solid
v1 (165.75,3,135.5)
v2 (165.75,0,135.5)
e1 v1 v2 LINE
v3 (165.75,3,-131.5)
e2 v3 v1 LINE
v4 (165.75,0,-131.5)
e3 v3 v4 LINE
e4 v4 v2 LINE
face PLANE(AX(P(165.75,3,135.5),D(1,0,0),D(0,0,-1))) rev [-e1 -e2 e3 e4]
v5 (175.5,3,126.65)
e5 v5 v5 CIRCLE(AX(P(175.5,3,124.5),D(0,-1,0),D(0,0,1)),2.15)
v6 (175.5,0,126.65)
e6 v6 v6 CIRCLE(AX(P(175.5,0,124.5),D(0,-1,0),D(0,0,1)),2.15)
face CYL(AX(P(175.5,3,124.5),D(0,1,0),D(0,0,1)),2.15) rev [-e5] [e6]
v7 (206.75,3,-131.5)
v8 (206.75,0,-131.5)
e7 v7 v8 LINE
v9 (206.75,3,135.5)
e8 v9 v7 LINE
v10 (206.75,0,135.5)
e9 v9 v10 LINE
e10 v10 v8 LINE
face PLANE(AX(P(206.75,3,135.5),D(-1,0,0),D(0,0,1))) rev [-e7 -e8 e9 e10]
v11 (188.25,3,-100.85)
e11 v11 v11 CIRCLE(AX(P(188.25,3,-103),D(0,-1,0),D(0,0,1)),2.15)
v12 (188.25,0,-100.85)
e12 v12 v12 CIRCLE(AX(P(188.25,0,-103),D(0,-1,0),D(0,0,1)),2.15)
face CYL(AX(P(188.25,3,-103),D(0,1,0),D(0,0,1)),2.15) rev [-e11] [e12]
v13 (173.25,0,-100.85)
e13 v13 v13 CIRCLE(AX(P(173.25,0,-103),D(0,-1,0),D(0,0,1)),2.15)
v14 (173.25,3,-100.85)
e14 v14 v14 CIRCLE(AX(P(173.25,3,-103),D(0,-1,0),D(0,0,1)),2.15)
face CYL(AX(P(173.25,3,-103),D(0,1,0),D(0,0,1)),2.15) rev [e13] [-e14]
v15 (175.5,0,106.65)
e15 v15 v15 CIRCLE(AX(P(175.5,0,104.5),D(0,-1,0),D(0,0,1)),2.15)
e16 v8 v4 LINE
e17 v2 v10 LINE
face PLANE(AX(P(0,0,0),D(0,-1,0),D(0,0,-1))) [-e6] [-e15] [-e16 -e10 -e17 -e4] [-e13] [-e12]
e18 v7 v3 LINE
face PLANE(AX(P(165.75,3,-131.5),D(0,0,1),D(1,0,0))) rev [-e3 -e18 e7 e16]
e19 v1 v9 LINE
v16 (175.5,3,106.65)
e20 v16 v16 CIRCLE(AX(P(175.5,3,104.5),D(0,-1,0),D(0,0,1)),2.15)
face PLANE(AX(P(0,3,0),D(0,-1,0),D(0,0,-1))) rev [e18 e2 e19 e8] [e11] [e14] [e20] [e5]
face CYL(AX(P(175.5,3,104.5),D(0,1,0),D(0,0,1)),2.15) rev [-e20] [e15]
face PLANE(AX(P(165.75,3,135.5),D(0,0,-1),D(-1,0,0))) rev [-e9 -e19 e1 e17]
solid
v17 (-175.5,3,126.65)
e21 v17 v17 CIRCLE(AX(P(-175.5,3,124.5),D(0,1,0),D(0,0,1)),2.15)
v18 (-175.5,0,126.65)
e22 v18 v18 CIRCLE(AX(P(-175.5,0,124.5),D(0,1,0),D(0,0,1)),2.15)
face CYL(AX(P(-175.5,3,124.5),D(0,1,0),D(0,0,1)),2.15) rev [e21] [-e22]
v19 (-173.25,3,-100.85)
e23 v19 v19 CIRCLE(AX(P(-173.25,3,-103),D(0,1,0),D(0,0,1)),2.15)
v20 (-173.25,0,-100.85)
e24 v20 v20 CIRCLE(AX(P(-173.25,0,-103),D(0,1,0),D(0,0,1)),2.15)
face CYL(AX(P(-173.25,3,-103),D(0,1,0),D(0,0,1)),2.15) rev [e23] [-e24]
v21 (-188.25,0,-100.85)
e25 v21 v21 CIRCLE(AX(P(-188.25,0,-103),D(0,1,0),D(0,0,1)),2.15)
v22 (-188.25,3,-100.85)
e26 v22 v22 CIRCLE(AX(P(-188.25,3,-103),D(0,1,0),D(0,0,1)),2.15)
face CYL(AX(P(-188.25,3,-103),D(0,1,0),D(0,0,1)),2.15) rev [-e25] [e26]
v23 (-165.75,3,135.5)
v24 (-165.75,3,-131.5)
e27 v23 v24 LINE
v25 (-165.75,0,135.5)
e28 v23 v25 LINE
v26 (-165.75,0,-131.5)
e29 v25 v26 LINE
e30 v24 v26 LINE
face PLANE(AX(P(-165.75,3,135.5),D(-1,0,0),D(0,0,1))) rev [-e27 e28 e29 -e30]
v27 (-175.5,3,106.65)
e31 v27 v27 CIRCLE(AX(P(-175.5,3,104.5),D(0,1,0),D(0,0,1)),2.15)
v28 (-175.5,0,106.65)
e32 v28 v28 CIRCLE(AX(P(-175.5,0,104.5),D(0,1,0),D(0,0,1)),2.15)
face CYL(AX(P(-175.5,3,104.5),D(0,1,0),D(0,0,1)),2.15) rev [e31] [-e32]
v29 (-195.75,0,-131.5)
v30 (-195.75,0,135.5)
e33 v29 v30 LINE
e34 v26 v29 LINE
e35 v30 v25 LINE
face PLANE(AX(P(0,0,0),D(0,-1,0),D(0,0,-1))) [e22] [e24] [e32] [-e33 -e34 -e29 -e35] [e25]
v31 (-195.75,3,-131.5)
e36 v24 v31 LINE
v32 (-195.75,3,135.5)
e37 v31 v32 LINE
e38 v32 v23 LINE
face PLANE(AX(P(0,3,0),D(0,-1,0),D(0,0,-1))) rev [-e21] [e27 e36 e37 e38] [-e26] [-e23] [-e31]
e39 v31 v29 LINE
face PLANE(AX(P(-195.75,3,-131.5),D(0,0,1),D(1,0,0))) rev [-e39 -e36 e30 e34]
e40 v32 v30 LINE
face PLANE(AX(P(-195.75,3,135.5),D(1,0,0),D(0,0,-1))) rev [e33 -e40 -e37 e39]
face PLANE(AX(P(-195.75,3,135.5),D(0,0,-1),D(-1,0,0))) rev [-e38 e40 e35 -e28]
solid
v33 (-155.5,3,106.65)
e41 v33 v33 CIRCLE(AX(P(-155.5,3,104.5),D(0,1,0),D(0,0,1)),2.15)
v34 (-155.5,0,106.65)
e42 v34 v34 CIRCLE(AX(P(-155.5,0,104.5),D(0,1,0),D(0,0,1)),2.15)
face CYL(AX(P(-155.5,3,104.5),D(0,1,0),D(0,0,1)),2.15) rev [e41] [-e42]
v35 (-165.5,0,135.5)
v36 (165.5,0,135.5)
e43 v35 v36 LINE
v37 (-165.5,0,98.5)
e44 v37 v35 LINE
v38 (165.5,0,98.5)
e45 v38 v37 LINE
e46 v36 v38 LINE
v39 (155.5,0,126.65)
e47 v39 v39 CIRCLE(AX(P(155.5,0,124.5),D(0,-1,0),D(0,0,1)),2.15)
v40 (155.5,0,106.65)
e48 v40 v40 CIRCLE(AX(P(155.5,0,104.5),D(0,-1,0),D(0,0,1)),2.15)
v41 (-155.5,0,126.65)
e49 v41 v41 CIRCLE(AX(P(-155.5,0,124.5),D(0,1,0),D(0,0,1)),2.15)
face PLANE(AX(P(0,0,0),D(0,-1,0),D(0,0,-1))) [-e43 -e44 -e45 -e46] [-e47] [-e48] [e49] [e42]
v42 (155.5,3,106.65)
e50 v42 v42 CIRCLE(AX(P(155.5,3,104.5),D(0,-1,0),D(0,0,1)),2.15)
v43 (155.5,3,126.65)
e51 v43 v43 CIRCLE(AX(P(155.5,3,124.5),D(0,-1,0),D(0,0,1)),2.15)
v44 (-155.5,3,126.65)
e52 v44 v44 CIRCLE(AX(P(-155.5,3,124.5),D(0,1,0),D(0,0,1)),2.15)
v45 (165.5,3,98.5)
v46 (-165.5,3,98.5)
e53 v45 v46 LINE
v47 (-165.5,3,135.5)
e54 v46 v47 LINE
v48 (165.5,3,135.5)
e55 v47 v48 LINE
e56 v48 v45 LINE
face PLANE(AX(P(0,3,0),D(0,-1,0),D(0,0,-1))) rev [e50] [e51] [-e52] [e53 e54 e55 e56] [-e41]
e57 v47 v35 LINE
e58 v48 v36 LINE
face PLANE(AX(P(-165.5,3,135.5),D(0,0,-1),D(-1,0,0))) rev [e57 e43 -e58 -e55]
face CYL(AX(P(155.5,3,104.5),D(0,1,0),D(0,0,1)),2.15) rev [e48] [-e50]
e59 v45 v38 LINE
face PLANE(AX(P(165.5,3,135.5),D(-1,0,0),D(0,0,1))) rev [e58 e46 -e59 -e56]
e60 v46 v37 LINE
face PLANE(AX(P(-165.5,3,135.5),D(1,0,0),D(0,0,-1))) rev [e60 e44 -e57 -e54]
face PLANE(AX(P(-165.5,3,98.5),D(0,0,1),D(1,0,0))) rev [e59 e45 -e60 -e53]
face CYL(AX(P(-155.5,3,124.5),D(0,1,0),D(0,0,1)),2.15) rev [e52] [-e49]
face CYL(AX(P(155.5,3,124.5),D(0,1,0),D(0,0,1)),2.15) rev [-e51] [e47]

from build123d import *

# Parameters (mm, degrees)
SKETCH1_W                     = 41
SKETCH1_H                     = 267
BOSS_EXTRUDE1_DEPTH           = 3
SKETCH2_W                     = 30
SKETCH2_H                     = 267
BOSS_EXTRUDE2_DEPTH           = 3
SKETCH3_W                     = 331
SKETCH3_H                     = 37
BOSS_EXTRUDE3_DEPTH           = 3
SKETCH6_W                     = 2.15
SKETCH6_H                     = 3
M4_CLEARANCE_HOLE1_AT_2_COUNT = 2
M4_CLEARANCE_HOLE1_AT_2_PITCH = 28.284271247
M4_CLEARANCE_HOLE1_AT_3_COUNT = 2
M4_CLEARANCE_HOLE1_AT_3_PITCH = 20
M4_CLEARANCE_HOLE1_AT_4_COUNT = 2
M4_CLEARANCE_HOLE1_AT_4_PITCH = 20
M4_CLEARANCE_HOLE1_AT_5_COUNT = 2
M4_CLEARANCE_HOLE1_AT_5_PITCH = 210.068589989
M4_CLEARANCE_HOLE1_AT_6_COUNT = 2
M4_CLEARANCE_HOLE1_AT_6_PITCH = 208.257802975
MIRROR1_COPY_1_SKETCH_W       = 2.15
MIRROR1_COPY_1_SKETCH_H       = 3
MIRROR1_COPY_2_SKETCH_W       = 2.15
MIRROR1_COPY_2_SKETCH_H       = 3
MIRROR1_COPY_3_SKETCH_W       = 2.15
MIRROR1_COPY_3_SKETCH_H       = 3
MIRROR1_COPY_4_SKETCH_W       = 2.15
MIRROR1_COPY_4_SKETCH_H       = 3
MIRROR1_COPY_5_SKETCH_W       = 2.15
MIRROR1_COPY_5_SKETCH_H       = 3


with BuildPart() as part:
    # Sketch1 → Boss-Extrude1 (new body)
    with BuildSketch(Plane(origin=(0, 0, 0), x_dir=(1, 0, 0), z_dir=(0, 1, 0))):
        with Locations((186.25, -2)):
            Rectangle(SKETCH1_W, SKETCH1_H)
    extrude(amount=BOSS_EXTRUDE1_DEPTH)

    # Mirror1 copy 1 sketch → Mirror1 copy 1 (revolve, cut)
    with BuildSketch(Plane(origin=(175.5, 3, 124.5), x_dir=(0, 0, 1), z_dir=(-1, 0, 0))):
        with Locations((1.075, -1.5)):
            Rectangle(MIRROR1_COPY_1_SKETCH_W, MIRROR1_COPY_1_SKETCH_H)
    revolve(axis=Axis((175.5, 9.35, 124.5), (0, 1, 0)), mode=Mode.SUBTRACT)

    # Mirror1 copy 2 sketch → Mirror1 copy 2 (revolve, cut)
    with BuildSketch(Plane(origin=(175.5, 3, 104.5), x_dir=(0, 0, 1), z_dir=(-1, 0, 0))):
        with Locations((1.075, -1.5)):
            Rectangle(MIRROR1_COPY_2_SKETCH_W, MIRROR1_COPY_2_SKETCH_H)
    revolve(axis=Axis((175.5, 9.35, 104.5), (0, 1, 0)), mode=Mode.SUBTRACT)

    # Mirror1 copy 4 sketch → Mirror1 copy 4 (revolve, cut)
    with BuildSketch(Plane(origin=(188.25, 3, -103), x_dir=(0, 0, 1), z_dir=(-1, 0, 0))):
        with Locations((1.075, -1.5)):
            Rectangle(MIRROR1_COPY_4_SKETCH_W, MIRROR1_COPY_4_SKETCH_H)
    revolve(axis=Axis((188.25, 9.35, -103), (0, 1, 0)), mode=Mode.SUBTRACT)

    # Mirror1 copy 5 sketch → Mirror1 copy 5 (revolve, cut)
    with BuildSketch(Plane(origin=(173.25, 3, -103), x_dir=(0, 0, 1), z_dir=(-1, 0, 0))):
        with Locations((1.075, -1.5)):
            Rectangle(MIRROR1_COPY_5_SKETCH_W, MIRROR1_COPY_5_SKETCH_H)
    revolve(axis=Axis((173.25, 9.35, -103), (0, 1, 0)), mode=Mode.SUBTRACT)


with BuildPart() as body_2:
    # Sketch2 → Boss-Extrude2 (new body)
    with BuildSketch(Plane(origin=(0, 0, 0), x_dir=(1, 0, 0), z_dir=(0, 1, 0))):
        with Locations((-180.75, -2)):
            Rectangle(SKETCH2_W, SKETCH2_H)
    extrude(amount=BOSS_EXTRUDE2_DEPTH)


with BuildPart() as body_3:
    # Sketch3 → Boss-Extrude3 (new body)
    with BuildSketch(Plane(origin=(0, 0, 0), x_dir=(1, 0, 0), z_dir=(0, 1, 0))):
        with Locations((0, -117)):
            Rectangle(SKETCH3_W, SKETCH3_H)
    extrude(amount=BOSS_EXTRUDE3_DEPTH)

    # Sketch6 → M4 Clearance Hole1 (revolve, cut)
    with BuildSketch(Plane(origin=(-155.5, 3, 104.5), x_dir=(0, 0, 1), z_dir=(1, 0, 0))):
        with Locations((1.075, 1.5)):
            Rectangle(SKETCH6_W, SKETCH6_H)
    m4_clearance_hole1 = revolve(axis=Axis((-155.5, 9.35, 104.5), (0, -1, 0)), mode=Mode.SUBTRACT)

    # M4 Clearance Hole1 at 4: M4 Clearance Hole1 ×2
    with Locations(*[(0, 0, i * M4_CLEARANCE_HOLE1_AT_4_PITCH) for i in range(1, M4_CLEARANCE_HOLE1_AT_4_COUNT)]):
        add(m4_clearance_hole1, mode=Mode.SUBTRACT)

    # Mirror1: M4 Clearance Hole1 across plane
    add(m4_clearance_hole1.mirror(Plane(origin=(0, 0, 0), x_dir=(0, 0, 1), z_dir=(1, 0, 0))), mode=Mode.SUBTRACT)

    # Mirror1 copy 3 sketch → Mirror1 copy 3 (revolve, cut)
    with BuildSketch(Plane(origin=(155.5, 3, 124.5), x_dir=(0, 0, 1), z_dir=(-1, 0, 0))):
        with Locations((1.075, -1.5)):
            Rectangle(MIRROR1_COPY_3_SKETCH_W, MIRROR1_COPY_3_SKETCH_H)
    revolve(axis=Axis((155.5, 9.35, 124.5), (0, 1, 0)), mode=Mode.SUBTRACT)


with BuildPart() as body_2_1:
    add(body_2.part)

    # M4 Clearance Hole1 at 2: M4 Clearance Hole1 ×2
    with Locations(*[Vector(-0.7071067811865478, 0, 0.7071067811865472) * (i * M4_CLEARANCE_HOLE1_AT_2_PITCH) for i in range(1, M4_CLEARANCE_HOLE1_AT_2_COUNT)]):
        add(m4_clearance_hole1, mode=Mode.SUBTRACT)

    # M4 Clearance Hole1 at 3: M4 Clearance Hole1 ×2
    with Locations(*[(-i * M4_CLEARANCE_HOLE1_AT_3_PITCH, 0, 0) for i in range(1, M4_CLEARANCE_HOLE1_AT_3_COUNT)]):
        add(m4_clearance_hole1, mode=Mode.SUBTRACT)

    # M4 Clearance Hole1 at 5: M4 Clearance Hole1 ×2
    with Locations(*[Vector(-0.15590146057391321, 0, -0.9877726127965487) * (i * M4_CLEARANCE_HOLE1_AT_5_PITCH) for i in range(1, M4_CLEARANCE_HOLE1_AT_5_COUNT)]):
        add(m4_clearance_hole1, mode=Mode.SUBTRACT)

    # M4 Clearance Hole1 at 6: M4 Clearance Hole1 ×2
    with Locations(*[Vector(-0.08523090009801677, 0, -0.9963612264979413) * (i * M4_CLEARANCE_HOLE1_AT_6_PITCH) for i in range(1, M4_CLEARANCE_HOLE1_AT_6_COUNT)]):
        add(m4_clearance_hole1, mode=Mode.SUBTRACT)


solid = Compound([part.part, body_3.part, body_2_1.part])
